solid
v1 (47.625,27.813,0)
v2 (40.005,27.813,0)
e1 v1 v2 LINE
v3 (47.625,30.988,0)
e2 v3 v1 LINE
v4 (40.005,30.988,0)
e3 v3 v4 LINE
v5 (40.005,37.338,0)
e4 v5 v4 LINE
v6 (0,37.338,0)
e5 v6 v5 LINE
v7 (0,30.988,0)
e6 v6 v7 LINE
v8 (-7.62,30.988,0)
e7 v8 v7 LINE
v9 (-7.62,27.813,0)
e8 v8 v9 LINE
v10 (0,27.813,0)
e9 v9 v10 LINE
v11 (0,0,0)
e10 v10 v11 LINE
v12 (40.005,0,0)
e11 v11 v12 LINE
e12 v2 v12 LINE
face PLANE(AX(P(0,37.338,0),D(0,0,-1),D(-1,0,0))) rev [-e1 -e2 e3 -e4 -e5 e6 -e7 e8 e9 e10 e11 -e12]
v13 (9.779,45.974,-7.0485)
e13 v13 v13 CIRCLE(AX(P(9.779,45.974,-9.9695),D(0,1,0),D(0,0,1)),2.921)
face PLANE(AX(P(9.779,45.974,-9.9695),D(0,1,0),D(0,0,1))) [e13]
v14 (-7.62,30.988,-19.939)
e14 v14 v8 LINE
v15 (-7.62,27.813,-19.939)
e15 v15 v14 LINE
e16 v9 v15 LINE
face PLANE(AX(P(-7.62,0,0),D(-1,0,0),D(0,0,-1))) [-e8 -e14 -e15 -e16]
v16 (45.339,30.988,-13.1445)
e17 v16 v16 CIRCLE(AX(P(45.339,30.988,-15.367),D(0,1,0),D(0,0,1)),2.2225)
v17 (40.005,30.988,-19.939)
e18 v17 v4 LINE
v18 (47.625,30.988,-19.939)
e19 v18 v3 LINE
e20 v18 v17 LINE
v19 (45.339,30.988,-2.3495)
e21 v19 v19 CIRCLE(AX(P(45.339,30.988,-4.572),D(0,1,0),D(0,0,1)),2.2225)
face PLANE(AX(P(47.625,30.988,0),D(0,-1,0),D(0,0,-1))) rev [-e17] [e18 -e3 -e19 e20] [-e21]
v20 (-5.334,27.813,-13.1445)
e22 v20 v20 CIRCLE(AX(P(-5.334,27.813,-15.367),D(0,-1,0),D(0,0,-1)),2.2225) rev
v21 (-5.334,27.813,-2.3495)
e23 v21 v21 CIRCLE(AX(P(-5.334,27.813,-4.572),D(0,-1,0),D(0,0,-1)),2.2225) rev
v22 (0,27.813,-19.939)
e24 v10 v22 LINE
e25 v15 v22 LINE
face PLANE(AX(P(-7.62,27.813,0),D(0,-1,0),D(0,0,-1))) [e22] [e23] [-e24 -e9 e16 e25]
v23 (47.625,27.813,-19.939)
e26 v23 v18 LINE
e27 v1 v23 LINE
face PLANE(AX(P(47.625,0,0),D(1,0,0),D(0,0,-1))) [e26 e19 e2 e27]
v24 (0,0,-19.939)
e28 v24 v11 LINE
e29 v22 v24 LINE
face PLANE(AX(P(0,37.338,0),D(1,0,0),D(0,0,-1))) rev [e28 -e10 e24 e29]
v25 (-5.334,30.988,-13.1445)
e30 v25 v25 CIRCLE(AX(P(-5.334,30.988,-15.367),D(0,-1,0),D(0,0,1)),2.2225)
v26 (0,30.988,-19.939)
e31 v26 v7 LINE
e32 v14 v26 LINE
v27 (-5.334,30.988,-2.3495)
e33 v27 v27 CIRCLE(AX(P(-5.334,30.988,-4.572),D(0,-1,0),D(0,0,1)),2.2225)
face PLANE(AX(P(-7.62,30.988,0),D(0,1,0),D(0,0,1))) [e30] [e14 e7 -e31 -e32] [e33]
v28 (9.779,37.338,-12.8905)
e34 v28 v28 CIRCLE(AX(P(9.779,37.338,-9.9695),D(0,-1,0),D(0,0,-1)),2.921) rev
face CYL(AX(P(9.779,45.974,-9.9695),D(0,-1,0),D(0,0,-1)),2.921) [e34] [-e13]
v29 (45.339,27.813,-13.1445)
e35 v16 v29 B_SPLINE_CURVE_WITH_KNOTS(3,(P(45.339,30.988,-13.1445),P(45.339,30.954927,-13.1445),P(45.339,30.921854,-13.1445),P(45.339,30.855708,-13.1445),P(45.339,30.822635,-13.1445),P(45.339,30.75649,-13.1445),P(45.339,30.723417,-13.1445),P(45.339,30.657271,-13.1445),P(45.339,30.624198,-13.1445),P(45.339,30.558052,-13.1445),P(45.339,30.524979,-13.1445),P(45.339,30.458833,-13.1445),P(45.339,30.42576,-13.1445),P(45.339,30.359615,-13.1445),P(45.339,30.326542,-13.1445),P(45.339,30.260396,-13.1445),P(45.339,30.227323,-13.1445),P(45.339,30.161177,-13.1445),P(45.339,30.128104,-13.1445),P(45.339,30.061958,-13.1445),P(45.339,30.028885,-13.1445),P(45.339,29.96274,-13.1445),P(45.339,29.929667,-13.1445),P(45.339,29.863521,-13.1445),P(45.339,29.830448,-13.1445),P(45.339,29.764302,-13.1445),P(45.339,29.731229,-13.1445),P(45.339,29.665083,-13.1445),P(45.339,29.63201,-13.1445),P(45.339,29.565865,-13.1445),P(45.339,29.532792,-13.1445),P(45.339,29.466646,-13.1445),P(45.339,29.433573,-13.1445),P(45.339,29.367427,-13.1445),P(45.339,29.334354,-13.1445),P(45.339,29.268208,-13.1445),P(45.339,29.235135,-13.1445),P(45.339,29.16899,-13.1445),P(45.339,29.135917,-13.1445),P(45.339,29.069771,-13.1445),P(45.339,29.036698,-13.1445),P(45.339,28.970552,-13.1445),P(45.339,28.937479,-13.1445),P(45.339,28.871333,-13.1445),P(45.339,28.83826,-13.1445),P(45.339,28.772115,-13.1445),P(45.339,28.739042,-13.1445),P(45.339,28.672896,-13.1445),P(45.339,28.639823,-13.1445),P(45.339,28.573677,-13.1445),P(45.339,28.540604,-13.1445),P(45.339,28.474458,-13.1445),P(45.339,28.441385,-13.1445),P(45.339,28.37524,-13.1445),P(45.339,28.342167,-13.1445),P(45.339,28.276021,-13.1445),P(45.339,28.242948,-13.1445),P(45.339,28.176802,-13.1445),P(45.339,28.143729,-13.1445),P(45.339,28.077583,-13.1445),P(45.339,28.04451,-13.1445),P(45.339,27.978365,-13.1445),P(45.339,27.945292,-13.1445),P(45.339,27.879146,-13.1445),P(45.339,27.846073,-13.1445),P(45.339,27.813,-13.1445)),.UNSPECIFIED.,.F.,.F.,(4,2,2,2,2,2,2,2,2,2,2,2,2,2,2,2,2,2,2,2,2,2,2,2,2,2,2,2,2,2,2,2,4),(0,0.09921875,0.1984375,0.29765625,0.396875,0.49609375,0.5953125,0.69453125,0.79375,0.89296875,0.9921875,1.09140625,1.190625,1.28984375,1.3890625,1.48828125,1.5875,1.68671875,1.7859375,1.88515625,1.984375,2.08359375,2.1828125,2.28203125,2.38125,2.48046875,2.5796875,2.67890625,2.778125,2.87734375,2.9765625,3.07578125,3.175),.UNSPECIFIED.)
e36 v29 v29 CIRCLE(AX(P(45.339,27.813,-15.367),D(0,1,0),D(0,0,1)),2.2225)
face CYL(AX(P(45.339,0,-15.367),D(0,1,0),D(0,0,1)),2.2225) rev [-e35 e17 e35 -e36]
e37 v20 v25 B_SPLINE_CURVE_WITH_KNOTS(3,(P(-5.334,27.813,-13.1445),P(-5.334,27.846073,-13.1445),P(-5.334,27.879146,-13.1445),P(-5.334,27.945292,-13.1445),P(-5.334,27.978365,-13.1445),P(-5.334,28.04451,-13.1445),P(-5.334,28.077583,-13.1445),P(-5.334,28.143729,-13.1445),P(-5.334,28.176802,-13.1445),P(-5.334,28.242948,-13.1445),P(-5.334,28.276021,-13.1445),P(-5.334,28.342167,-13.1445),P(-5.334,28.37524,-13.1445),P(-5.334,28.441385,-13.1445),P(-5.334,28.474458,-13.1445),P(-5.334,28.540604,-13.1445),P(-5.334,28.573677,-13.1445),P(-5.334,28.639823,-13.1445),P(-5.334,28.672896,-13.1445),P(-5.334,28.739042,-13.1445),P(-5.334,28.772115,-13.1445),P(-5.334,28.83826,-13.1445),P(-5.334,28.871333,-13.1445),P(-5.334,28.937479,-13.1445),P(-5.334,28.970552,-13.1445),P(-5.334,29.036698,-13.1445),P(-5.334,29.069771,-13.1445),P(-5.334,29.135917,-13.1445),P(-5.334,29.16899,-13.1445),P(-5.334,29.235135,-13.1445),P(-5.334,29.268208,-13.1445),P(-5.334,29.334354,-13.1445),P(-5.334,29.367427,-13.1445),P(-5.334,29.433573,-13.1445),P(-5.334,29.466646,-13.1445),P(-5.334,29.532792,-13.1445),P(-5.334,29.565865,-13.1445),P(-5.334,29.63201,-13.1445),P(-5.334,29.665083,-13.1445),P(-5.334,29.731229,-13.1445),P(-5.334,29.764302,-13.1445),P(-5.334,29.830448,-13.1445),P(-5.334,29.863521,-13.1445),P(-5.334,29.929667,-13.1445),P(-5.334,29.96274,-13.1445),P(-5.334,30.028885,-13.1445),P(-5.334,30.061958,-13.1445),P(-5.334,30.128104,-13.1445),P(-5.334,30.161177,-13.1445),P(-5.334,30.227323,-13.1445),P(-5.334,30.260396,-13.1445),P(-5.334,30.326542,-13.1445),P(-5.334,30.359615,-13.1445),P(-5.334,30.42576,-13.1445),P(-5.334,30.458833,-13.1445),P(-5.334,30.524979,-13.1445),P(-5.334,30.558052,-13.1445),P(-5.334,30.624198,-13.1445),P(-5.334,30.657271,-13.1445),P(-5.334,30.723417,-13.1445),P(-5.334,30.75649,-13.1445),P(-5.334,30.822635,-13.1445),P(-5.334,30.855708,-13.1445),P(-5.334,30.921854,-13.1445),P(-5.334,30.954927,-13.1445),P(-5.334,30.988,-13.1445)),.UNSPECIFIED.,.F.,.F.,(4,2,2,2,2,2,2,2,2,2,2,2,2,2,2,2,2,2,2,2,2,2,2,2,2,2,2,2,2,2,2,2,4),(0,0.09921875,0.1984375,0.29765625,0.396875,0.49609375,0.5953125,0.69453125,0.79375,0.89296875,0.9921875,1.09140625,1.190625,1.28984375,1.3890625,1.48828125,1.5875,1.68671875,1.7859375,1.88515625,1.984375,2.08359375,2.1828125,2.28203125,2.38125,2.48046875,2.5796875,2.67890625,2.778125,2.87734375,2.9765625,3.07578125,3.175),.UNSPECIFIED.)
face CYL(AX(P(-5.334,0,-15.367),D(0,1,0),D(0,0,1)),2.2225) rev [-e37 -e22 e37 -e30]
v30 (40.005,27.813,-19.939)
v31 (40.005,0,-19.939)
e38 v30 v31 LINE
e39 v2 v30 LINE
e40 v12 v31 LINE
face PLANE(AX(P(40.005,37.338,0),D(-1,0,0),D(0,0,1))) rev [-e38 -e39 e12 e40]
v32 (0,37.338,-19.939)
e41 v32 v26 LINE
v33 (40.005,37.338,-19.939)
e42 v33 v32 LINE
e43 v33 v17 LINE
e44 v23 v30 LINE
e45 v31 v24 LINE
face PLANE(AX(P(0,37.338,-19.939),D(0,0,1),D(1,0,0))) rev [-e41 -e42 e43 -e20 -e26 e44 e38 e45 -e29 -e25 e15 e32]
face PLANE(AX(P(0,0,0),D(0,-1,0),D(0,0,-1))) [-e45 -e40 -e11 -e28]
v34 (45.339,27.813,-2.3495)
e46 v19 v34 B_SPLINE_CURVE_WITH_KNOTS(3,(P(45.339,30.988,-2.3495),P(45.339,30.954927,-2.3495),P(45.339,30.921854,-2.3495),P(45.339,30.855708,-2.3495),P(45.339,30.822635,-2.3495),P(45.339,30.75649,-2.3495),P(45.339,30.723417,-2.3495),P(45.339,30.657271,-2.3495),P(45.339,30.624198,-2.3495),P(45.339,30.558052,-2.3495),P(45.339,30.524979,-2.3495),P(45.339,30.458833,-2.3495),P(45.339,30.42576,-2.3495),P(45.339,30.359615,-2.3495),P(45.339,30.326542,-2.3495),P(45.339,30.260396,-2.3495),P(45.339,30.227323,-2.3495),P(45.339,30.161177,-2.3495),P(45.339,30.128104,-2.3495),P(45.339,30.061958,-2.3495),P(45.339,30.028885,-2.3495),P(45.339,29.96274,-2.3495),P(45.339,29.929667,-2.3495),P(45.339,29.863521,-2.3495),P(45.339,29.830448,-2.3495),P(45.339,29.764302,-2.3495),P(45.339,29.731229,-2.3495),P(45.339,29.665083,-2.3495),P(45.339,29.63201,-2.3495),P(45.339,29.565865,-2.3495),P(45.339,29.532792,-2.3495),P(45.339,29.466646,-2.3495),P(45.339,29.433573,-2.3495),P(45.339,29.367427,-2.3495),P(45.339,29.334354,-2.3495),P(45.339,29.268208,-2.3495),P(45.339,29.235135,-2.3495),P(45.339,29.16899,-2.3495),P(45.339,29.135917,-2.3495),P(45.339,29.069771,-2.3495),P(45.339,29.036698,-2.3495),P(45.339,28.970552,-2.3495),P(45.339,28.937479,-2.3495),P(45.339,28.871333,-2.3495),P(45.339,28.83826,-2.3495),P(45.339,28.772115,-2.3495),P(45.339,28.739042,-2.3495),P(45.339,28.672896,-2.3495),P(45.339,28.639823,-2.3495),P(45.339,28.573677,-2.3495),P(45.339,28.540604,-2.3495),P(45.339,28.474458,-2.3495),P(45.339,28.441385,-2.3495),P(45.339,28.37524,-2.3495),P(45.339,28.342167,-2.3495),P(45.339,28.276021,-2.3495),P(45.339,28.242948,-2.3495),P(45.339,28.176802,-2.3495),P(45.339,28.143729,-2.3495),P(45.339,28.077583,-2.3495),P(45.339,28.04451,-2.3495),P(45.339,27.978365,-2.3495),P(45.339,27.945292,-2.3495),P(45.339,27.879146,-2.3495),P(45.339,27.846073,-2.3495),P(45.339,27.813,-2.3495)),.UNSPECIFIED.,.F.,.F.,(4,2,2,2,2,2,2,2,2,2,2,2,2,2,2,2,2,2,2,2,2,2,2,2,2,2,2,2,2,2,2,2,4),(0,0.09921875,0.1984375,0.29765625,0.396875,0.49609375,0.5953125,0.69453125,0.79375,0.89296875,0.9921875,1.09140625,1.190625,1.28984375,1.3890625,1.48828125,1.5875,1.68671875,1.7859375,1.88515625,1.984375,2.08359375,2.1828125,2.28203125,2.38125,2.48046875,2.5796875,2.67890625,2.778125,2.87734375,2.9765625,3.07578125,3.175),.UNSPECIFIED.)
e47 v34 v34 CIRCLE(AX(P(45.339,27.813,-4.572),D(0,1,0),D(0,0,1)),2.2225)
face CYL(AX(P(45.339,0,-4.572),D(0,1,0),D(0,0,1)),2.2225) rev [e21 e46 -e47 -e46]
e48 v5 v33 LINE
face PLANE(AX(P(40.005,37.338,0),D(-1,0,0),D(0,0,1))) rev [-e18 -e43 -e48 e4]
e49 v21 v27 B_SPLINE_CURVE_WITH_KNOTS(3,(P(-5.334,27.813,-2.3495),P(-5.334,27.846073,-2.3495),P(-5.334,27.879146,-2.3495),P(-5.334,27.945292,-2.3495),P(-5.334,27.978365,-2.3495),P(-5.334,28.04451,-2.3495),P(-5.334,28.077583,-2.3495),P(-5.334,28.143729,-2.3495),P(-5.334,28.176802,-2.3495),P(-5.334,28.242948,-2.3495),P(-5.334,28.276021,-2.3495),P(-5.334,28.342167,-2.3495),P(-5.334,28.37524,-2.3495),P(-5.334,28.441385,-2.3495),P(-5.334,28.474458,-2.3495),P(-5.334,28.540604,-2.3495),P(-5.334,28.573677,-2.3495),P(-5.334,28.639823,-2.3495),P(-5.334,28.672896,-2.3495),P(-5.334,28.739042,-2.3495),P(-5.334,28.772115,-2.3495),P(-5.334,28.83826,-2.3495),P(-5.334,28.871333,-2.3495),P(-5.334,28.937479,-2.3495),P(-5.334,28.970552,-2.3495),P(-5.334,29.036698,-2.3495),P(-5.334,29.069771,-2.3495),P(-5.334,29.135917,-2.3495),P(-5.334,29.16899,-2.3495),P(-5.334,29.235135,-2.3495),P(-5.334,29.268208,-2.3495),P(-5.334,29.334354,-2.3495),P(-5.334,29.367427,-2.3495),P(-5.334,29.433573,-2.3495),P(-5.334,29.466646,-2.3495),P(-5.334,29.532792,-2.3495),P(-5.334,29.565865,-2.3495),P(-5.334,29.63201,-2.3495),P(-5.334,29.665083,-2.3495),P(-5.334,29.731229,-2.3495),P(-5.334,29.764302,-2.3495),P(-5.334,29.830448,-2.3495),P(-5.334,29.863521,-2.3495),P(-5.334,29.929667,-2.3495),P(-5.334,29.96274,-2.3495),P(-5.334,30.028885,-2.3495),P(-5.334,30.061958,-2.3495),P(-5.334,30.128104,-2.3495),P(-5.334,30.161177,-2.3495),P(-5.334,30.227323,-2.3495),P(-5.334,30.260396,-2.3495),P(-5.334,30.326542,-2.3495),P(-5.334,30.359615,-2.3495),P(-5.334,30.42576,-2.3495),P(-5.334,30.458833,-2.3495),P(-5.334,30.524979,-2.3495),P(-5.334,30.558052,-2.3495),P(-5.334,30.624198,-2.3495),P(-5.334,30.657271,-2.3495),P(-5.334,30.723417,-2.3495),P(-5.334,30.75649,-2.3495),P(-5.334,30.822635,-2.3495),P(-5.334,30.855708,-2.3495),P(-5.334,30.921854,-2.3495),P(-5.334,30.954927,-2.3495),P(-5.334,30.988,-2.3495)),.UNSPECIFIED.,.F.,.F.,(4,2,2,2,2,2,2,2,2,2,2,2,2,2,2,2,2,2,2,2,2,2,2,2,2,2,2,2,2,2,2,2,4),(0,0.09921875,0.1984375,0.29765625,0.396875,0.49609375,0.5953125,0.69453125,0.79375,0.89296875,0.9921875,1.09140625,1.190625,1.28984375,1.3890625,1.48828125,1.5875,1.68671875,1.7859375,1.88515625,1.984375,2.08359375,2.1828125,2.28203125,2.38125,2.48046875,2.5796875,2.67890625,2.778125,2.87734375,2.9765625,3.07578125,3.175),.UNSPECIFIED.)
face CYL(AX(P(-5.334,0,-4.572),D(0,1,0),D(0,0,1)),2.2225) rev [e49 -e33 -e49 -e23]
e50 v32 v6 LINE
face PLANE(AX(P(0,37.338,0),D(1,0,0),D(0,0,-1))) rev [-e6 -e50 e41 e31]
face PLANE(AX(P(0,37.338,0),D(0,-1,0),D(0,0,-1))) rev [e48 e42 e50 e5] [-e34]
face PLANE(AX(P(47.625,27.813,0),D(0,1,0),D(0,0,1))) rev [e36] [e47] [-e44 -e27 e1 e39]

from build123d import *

# Parameters (mm, degrees)
SKETCH1_W           = 40.005
SKETCH1_H           = 19.939
BOSS_EXTRUDE1_DEPTH = 37.338
SKETCH2_W           = 19.939
SKETCH2_H           = 3.175
BOSS_EXTRUDE2_DEPTH = 7.62
SKETCH3_R           = 2.2225
CUT_EXTRUDE1_DEPTH  = 61.215948801
SKETCH4_R           = 2.921
BOSS_EXTRUDE3_DEPTH = 8.636


with BuildPart() as part:
    # Sketch1 → Boss-Extrude1 (new body)
    with BuildSketch(Plane(origin=(0, 0, 0), x_dir=(1, 0, 0), z_dir=(0, 1, 0))):
        with Locations((20.0025, 9.9695)):
            Rectangle(SKETCH1_W, SKETCH1_H)
    extrude(amount=BOSS_EXTRUDE1_DEPTH)

    # Sketch2 → Boss-Extrude2 (add)
    with BuildSketch(Plane(origin=(40.005, 0, 0), x_dir=(0, 0, -1), z_dir=(1, 0, 0))):
        with Locations((9.9695, 29.4005)):
            Rectangle(SKETCH2_W, SKETCH2_H)
    boss_extrude2 = extrude(amount=BOSS_EXTRUDE2_DEPTH)

    # Sketch3 → Cut-Extrude1 (cut, through all)
    with BuildSketch(Plane(origin=(0, 30.988, 0), x_dir=(1, 0, 0), z_dir=(0, 1, 0))):
        with Locations(Location((45.339, 15.367, 0), (0, 0, 270))):
            Circle(SKETCH3_R)
        with Locations(Location((45.339, 4.572, 0), (0, 0, 270))):
            Circle(SKETCH3_R)
    cut_extrude1 = extrude(amount=-CUT_EXTRUDE1_DEPTH, mode=Mode.SUBTRACT)

    # Mirror1: Boss-Extrude2, Cut-Extrude1 across plane
    add(boss_extrude2.mirror(Plane(origin=(20.0025, 0, 0), x_dir=(0, 0, 1), z_dir=(1, 0, 0))))
    add(cut_extrude1.mirror(Plane(origin=(20.0025, 0, 0), x_dir=(0, 0, 1), z_dir=(1, 0, 0))), mode=Mode.SUBTRACT)

    # Sketch4 → Boss-Extrude3 (add)
    with BuildSketch(Plane(origin=(0, 37.338, 0), x_dir=(1, 0, 0), z_dir=(0, 1, 0))):
        with Locations(Location((9.779, 9.9695, 0), (0, 0, 90))):
            Circle(SKETCH4_R)
    extrude(amount=BOSS_EXTRUDE3_DEPTH)


solid = part.part
